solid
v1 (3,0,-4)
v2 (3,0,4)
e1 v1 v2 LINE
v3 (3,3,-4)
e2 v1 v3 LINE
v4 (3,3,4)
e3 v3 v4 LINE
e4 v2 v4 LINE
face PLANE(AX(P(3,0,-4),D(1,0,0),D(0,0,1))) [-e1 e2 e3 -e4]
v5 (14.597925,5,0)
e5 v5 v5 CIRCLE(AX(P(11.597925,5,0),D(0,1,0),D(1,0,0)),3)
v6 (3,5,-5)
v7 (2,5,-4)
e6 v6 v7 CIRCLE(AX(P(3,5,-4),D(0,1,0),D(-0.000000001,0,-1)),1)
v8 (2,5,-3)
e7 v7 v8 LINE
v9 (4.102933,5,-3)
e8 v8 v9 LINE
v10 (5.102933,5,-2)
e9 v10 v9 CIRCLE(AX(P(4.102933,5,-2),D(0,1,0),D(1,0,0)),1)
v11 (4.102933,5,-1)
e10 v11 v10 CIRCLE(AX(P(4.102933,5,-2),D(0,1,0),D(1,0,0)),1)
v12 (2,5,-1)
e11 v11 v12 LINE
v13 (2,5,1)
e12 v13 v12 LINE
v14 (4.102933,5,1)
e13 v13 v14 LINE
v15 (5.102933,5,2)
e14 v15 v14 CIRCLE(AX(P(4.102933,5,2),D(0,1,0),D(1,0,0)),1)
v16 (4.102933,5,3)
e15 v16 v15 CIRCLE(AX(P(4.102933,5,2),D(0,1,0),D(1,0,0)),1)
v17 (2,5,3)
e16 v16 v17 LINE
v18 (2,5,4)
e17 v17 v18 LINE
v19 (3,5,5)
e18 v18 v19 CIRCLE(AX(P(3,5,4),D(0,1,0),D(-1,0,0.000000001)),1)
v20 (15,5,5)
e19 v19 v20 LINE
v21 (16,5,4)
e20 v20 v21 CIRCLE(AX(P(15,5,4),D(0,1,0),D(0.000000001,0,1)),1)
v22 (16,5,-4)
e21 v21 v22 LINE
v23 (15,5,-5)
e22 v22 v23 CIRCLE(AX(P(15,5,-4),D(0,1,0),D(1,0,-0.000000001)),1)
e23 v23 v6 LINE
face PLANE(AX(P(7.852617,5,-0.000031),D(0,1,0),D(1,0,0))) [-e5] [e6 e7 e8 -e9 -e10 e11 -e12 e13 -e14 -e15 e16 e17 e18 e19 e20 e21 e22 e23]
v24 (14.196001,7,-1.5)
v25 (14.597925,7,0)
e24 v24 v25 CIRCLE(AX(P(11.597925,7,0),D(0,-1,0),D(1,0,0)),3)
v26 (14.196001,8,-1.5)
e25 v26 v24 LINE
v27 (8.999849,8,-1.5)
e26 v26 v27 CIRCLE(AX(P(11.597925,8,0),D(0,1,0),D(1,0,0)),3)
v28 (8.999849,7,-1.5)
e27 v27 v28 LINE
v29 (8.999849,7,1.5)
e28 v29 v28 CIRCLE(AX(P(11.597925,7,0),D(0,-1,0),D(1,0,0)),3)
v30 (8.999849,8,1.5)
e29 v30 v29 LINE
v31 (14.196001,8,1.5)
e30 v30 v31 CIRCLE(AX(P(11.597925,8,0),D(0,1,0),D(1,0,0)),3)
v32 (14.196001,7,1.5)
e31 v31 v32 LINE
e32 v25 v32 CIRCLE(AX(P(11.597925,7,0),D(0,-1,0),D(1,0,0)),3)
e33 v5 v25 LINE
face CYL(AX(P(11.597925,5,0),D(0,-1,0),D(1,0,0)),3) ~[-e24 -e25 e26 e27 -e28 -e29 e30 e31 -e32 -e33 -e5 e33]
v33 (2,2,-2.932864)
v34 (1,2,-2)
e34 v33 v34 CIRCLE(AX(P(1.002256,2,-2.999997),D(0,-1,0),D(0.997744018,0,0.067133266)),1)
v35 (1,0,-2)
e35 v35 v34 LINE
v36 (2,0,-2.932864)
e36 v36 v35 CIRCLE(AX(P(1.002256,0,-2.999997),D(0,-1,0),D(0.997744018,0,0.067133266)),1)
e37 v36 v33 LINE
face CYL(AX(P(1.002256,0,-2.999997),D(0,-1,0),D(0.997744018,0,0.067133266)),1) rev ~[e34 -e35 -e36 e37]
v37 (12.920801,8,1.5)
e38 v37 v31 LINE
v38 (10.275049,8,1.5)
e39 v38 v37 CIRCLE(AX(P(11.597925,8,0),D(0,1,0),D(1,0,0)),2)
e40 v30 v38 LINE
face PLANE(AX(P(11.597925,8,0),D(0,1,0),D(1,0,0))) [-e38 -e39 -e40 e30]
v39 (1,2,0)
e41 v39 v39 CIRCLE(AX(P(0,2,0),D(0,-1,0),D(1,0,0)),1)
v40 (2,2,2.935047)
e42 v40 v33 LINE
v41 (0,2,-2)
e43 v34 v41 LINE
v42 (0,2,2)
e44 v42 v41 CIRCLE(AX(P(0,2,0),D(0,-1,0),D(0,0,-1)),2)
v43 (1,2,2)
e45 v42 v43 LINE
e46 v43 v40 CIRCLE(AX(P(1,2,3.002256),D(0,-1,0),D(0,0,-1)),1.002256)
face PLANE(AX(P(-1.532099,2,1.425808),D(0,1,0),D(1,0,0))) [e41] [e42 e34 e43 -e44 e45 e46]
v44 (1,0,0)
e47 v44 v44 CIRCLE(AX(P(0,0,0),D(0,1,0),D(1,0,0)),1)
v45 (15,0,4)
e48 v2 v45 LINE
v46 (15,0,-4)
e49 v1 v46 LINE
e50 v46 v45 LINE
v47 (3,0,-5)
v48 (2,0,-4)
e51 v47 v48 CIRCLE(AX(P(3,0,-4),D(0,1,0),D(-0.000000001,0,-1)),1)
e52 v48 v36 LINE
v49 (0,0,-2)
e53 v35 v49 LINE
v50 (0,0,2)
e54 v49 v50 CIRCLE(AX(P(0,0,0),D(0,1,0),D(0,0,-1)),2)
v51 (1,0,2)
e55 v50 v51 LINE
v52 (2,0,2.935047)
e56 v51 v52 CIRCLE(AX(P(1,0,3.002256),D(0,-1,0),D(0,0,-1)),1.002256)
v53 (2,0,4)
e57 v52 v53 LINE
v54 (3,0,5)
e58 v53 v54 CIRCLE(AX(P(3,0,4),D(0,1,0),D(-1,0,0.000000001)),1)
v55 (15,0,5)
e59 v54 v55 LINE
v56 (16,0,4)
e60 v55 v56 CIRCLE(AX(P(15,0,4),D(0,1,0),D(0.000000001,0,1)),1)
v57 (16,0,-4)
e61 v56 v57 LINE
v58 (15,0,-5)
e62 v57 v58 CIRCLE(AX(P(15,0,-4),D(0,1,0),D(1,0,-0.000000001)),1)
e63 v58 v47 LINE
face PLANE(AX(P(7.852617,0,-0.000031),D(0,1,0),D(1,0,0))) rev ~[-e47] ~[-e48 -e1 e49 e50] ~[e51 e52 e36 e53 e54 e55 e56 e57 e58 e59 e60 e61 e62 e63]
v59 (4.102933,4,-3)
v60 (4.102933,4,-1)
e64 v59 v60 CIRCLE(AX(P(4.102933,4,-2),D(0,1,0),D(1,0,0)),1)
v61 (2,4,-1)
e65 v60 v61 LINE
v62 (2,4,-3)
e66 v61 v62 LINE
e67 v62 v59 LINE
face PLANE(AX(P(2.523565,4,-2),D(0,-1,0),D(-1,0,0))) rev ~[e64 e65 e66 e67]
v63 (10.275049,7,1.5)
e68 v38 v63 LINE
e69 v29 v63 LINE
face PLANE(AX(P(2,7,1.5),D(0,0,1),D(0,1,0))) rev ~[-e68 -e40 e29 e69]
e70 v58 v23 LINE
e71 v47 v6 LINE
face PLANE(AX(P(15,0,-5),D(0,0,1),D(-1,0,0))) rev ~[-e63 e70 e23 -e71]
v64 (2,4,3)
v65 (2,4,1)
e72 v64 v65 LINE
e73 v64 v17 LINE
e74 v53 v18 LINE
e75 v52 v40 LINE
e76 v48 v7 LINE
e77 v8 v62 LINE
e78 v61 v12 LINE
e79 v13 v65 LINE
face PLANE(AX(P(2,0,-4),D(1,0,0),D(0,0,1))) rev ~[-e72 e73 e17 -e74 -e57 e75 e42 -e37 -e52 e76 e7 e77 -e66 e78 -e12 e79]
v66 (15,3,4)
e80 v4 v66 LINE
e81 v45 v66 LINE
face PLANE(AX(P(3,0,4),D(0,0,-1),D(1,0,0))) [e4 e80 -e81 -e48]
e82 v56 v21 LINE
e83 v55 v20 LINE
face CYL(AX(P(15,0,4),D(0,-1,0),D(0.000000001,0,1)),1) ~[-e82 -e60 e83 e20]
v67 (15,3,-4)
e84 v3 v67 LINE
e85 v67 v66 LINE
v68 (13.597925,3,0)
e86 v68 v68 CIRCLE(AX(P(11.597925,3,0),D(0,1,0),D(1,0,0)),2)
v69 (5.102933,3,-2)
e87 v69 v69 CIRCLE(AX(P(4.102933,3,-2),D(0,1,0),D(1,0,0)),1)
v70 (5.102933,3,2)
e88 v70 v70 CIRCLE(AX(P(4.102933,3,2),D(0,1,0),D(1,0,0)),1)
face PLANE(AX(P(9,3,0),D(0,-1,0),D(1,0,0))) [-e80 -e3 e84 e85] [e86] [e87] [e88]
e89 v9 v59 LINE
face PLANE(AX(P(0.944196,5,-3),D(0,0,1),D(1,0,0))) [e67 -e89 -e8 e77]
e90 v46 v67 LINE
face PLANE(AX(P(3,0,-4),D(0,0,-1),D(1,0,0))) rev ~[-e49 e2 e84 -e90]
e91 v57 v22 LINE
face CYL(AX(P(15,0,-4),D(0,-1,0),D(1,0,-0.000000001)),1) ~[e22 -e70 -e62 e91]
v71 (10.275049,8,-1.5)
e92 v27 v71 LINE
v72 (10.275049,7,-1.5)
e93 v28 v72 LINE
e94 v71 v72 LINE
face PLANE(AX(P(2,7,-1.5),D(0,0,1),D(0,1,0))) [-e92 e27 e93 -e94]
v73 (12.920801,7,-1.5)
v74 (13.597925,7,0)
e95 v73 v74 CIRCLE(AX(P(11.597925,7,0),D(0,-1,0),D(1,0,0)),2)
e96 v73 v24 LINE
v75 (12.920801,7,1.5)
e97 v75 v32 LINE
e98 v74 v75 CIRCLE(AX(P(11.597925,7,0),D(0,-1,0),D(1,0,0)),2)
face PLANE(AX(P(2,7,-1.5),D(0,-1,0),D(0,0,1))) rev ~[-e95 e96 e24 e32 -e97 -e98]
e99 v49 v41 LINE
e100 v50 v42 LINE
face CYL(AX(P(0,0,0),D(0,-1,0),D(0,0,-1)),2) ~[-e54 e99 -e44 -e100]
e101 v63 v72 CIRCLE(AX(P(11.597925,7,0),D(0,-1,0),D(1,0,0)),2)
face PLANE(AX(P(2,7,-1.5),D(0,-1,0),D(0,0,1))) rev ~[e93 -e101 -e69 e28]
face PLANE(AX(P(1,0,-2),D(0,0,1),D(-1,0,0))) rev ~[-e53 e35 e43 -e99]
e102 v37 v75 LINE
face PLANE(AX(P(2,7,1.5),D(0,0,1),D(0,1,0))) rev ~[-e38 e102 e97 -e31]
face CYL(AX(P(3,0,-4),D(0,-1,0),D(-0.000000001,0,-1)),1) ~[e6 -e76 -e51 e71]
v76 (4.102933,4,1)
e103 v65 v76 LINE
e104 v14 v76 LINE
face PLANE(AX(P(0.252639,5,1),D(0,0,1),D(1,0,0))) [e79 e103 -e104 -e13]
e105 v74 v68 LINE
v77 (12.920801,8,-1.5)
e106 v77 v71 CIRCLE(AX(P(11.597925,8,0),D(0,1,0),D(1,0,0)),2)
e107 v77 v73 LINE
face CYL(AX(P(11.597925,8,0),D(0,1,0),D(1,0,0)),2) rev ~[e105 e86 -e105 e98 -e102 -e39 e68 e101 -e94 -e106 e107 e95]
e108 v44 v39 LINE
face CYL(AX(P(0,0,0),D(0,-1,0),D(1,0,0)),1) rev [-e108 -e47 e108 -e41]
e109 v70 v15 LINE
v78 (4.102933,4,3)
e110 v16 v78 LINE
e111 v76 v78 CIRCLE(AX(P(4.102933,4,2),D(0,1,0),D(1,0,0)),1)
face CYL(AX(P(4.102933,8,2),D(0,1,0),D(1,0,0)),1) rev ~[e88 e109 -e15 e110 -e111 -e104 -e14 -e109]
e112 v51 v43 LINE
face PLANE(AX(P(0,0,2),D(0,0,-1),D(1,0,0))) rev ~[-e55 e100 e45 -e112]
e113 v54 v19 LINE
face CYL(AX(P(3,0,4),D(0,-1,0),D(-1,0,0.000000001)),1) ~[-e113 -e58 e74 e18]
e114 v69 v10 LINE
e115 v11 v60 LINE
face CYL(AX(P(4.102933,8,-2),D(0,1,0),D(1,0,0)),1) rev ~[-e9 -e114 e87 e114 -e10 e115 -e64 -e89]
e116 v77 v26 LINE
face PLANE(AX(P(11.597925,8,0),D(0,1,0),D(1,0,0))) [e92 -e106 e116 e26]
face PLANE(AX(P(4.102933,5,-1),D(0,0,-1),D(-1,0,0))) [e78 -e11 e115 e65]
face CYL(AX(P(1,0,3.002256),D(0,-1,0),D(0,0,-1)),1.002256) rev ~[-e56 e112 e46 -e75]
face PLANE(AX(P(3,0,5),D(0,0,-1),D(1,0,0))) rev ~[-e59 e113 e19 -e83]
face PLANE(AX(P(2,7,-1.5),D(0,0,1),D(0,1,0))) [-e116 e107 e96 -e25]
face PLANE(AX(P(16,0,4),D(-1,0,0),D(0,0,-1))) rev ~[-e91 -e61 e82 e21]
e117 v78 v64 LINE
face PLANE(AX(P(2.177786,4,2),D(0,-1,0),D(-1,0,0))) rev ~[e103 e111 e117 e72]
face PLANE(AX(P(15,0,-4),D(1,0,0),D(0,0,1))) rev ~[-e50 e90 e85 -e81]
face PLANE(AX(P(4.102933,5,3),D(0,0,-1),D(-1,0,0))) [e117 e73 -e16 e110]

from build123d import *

# Parameters (mm, degrees)
SKETCH1_R           = 1
BOSS_EXTRUDE1_DEPTH = 5
SKETCH3_W           = 12
SKETCH3_H           = 8
CUT_EXTRUDE1_DEPTH  = 3
SKETCH4_R           = 3
SKETCH4_R_2         = 2
BOSS_EXTRUDE2_DEPTH = 3
SKETCH5_W           = 3
SKETCH5_H           = 1
CUT_EXTRUDE2_DEPTH  = 17
SKETCH6_R           = 2
SKETCH6_R_2         = 1
SKETCH6_W           = 7.064198251
SKETCH6_H           = 8.717344461
CUT_EXTRUDE3_DEPTH  = 6
CUT_EXTRUDE4_DEPTH  = 1


with BuildPart() as part:
    # Sketch1 → Boss-Extrude1 (new body)
    with BuildSketch(Plane(origin=(0, 0, 0), x_dir=(1, 0, 0), z_dir=(0, 1, 0))):
        with BuildLine():
            Line((1, 2), (0, 2))
            ThreePointArc((0, 2), (-2, 0), (0, -2))
            Line((0, -2), (1, -2))
            ThreePointArc((1, -2), (1.684527719, -2.270177533), (2, -2.935046948))
            Line((2, -2.935046948), (2, -4))
            ThreePointArc((2, -4), (2.292893219, -4.707106781), (3, -5))
            Line((3, -5), (15, -5))
            ThreePointArc((15, -5), (15.707106781, -4.707106781), (16, -4))
            Line((16, -4), (16, 4))
            ThreePointArc((16, 4), (15.707106781, 4.707106781), (15, 5))
            Line((15, 5), (3, 5))
            ThreePointArc((3, 5), (2.292893219, 4.707106781), (2, 4))
            Line((2, 4), (2, 2.932864189))
            ThreePointArc((2, 2.932864189), (1.684390871, 2.268771092), (1, 2))
        make_face()
        Circle(SKETCH1_R, mode=Mode.SUBTRACT)
    extrude(amount=BOSS_EXTRUDE1_DEPTH)

    # Sketch3 → Cut-Extrude1 (cut)
    with BuildSketch(Plane.XZ):
        with Locations((9, 0)):
            Rectangle(SKETCH3_W, SKETCH3_H)
    extrude(amount=-CUT_EXTRUDE1_DEPTH, mode=Mode.SUBTRACT)

    # Sketch4 → Boss-Extrude2 (add)
    with BuildSketch(Plane(origin=(0, 5, 0), x_dir=(1, 0, 0), z_dir=(0, 1, 0))):
        with Locations((11.597924937, 0)):
            Circle(SKETCH4_R)
        with Locations((11.597924937, 0)):
            Circle(SKETCH4_R_2, mode=Mode.SUBTRACT)
    extrude(amount=BOSS_EXTRUDE2_DEPTH)

    # Sketch5 → Cut-Extrude2 (cut)
    with BuildSketch(Plane.ZY.offset(-2)):
        with Locations((0, 7.5)):
            Rectangle(SKETCH5_W, SKETCH5_H)
    extrude(amount=-CUT_EXTRUDE2_DEPTH, mode=Mode.SUBTRACT)

    # Sketch6 → Cut-Extrude3 (cut)
    with BuildSketch(Plane(origin=(0, 8, 0), x_dir=(1, 0, 0), z_dir=(0, 1, 0))):
        with Locations((11.597924937, 0)):
            Circle(SKETCH6_R)
        with Locations((4.102933475, -2)):
            Circle(SKETCH6_R_2)
        with Locations((4.102933475, 2)):
            Circle(SKETCH6_R_2)
        with Locations((-1.532099126, -1.425808042)):
            Rectangle(SKETCH6_W, SKETCH6_H)
    extrude(amount=-CUT_EXTRUDE3_DEPTH, mode=Mode.SUBTRACT)

    # Sketch7 → Cut-Extrude4 (cut)
    with BuildSketch(Plane(origin=(0, 5, 0), x_dir=(1, 0, 0), z_dir=(0, 1, 0))):
        with BuildLine():
            Line((4.102933475, -3), (0.252638608, -3))
            ThreePointArc((0.252638608, -3), (-0.747361392, -2), (0.252638608, -1))
            Line((0.252638608, -1), (4.102933475, -1))
            ThreePointArc((4.102933475, -1), (5.102933475, -2), (4.102933475, -3))
        make_face()
        with BuildLine():
            Line((4.102933475, 1), (0.944196424, 1))
            ThreePointArc((0.944196424, 1), (-0.055803576, 2), (0.944196424, 3))
            Line((0.944196424, 3), (4.102933475, 3))
            ThreePointArc((4.102933475, 3), (5.102933475, 2), (4.102933475, 1))
        make_face()
    extrude(amount=-CUT_EXTRUDE4_DEPTH, mode=Mode.SUBTRACT)


solid = part.part
